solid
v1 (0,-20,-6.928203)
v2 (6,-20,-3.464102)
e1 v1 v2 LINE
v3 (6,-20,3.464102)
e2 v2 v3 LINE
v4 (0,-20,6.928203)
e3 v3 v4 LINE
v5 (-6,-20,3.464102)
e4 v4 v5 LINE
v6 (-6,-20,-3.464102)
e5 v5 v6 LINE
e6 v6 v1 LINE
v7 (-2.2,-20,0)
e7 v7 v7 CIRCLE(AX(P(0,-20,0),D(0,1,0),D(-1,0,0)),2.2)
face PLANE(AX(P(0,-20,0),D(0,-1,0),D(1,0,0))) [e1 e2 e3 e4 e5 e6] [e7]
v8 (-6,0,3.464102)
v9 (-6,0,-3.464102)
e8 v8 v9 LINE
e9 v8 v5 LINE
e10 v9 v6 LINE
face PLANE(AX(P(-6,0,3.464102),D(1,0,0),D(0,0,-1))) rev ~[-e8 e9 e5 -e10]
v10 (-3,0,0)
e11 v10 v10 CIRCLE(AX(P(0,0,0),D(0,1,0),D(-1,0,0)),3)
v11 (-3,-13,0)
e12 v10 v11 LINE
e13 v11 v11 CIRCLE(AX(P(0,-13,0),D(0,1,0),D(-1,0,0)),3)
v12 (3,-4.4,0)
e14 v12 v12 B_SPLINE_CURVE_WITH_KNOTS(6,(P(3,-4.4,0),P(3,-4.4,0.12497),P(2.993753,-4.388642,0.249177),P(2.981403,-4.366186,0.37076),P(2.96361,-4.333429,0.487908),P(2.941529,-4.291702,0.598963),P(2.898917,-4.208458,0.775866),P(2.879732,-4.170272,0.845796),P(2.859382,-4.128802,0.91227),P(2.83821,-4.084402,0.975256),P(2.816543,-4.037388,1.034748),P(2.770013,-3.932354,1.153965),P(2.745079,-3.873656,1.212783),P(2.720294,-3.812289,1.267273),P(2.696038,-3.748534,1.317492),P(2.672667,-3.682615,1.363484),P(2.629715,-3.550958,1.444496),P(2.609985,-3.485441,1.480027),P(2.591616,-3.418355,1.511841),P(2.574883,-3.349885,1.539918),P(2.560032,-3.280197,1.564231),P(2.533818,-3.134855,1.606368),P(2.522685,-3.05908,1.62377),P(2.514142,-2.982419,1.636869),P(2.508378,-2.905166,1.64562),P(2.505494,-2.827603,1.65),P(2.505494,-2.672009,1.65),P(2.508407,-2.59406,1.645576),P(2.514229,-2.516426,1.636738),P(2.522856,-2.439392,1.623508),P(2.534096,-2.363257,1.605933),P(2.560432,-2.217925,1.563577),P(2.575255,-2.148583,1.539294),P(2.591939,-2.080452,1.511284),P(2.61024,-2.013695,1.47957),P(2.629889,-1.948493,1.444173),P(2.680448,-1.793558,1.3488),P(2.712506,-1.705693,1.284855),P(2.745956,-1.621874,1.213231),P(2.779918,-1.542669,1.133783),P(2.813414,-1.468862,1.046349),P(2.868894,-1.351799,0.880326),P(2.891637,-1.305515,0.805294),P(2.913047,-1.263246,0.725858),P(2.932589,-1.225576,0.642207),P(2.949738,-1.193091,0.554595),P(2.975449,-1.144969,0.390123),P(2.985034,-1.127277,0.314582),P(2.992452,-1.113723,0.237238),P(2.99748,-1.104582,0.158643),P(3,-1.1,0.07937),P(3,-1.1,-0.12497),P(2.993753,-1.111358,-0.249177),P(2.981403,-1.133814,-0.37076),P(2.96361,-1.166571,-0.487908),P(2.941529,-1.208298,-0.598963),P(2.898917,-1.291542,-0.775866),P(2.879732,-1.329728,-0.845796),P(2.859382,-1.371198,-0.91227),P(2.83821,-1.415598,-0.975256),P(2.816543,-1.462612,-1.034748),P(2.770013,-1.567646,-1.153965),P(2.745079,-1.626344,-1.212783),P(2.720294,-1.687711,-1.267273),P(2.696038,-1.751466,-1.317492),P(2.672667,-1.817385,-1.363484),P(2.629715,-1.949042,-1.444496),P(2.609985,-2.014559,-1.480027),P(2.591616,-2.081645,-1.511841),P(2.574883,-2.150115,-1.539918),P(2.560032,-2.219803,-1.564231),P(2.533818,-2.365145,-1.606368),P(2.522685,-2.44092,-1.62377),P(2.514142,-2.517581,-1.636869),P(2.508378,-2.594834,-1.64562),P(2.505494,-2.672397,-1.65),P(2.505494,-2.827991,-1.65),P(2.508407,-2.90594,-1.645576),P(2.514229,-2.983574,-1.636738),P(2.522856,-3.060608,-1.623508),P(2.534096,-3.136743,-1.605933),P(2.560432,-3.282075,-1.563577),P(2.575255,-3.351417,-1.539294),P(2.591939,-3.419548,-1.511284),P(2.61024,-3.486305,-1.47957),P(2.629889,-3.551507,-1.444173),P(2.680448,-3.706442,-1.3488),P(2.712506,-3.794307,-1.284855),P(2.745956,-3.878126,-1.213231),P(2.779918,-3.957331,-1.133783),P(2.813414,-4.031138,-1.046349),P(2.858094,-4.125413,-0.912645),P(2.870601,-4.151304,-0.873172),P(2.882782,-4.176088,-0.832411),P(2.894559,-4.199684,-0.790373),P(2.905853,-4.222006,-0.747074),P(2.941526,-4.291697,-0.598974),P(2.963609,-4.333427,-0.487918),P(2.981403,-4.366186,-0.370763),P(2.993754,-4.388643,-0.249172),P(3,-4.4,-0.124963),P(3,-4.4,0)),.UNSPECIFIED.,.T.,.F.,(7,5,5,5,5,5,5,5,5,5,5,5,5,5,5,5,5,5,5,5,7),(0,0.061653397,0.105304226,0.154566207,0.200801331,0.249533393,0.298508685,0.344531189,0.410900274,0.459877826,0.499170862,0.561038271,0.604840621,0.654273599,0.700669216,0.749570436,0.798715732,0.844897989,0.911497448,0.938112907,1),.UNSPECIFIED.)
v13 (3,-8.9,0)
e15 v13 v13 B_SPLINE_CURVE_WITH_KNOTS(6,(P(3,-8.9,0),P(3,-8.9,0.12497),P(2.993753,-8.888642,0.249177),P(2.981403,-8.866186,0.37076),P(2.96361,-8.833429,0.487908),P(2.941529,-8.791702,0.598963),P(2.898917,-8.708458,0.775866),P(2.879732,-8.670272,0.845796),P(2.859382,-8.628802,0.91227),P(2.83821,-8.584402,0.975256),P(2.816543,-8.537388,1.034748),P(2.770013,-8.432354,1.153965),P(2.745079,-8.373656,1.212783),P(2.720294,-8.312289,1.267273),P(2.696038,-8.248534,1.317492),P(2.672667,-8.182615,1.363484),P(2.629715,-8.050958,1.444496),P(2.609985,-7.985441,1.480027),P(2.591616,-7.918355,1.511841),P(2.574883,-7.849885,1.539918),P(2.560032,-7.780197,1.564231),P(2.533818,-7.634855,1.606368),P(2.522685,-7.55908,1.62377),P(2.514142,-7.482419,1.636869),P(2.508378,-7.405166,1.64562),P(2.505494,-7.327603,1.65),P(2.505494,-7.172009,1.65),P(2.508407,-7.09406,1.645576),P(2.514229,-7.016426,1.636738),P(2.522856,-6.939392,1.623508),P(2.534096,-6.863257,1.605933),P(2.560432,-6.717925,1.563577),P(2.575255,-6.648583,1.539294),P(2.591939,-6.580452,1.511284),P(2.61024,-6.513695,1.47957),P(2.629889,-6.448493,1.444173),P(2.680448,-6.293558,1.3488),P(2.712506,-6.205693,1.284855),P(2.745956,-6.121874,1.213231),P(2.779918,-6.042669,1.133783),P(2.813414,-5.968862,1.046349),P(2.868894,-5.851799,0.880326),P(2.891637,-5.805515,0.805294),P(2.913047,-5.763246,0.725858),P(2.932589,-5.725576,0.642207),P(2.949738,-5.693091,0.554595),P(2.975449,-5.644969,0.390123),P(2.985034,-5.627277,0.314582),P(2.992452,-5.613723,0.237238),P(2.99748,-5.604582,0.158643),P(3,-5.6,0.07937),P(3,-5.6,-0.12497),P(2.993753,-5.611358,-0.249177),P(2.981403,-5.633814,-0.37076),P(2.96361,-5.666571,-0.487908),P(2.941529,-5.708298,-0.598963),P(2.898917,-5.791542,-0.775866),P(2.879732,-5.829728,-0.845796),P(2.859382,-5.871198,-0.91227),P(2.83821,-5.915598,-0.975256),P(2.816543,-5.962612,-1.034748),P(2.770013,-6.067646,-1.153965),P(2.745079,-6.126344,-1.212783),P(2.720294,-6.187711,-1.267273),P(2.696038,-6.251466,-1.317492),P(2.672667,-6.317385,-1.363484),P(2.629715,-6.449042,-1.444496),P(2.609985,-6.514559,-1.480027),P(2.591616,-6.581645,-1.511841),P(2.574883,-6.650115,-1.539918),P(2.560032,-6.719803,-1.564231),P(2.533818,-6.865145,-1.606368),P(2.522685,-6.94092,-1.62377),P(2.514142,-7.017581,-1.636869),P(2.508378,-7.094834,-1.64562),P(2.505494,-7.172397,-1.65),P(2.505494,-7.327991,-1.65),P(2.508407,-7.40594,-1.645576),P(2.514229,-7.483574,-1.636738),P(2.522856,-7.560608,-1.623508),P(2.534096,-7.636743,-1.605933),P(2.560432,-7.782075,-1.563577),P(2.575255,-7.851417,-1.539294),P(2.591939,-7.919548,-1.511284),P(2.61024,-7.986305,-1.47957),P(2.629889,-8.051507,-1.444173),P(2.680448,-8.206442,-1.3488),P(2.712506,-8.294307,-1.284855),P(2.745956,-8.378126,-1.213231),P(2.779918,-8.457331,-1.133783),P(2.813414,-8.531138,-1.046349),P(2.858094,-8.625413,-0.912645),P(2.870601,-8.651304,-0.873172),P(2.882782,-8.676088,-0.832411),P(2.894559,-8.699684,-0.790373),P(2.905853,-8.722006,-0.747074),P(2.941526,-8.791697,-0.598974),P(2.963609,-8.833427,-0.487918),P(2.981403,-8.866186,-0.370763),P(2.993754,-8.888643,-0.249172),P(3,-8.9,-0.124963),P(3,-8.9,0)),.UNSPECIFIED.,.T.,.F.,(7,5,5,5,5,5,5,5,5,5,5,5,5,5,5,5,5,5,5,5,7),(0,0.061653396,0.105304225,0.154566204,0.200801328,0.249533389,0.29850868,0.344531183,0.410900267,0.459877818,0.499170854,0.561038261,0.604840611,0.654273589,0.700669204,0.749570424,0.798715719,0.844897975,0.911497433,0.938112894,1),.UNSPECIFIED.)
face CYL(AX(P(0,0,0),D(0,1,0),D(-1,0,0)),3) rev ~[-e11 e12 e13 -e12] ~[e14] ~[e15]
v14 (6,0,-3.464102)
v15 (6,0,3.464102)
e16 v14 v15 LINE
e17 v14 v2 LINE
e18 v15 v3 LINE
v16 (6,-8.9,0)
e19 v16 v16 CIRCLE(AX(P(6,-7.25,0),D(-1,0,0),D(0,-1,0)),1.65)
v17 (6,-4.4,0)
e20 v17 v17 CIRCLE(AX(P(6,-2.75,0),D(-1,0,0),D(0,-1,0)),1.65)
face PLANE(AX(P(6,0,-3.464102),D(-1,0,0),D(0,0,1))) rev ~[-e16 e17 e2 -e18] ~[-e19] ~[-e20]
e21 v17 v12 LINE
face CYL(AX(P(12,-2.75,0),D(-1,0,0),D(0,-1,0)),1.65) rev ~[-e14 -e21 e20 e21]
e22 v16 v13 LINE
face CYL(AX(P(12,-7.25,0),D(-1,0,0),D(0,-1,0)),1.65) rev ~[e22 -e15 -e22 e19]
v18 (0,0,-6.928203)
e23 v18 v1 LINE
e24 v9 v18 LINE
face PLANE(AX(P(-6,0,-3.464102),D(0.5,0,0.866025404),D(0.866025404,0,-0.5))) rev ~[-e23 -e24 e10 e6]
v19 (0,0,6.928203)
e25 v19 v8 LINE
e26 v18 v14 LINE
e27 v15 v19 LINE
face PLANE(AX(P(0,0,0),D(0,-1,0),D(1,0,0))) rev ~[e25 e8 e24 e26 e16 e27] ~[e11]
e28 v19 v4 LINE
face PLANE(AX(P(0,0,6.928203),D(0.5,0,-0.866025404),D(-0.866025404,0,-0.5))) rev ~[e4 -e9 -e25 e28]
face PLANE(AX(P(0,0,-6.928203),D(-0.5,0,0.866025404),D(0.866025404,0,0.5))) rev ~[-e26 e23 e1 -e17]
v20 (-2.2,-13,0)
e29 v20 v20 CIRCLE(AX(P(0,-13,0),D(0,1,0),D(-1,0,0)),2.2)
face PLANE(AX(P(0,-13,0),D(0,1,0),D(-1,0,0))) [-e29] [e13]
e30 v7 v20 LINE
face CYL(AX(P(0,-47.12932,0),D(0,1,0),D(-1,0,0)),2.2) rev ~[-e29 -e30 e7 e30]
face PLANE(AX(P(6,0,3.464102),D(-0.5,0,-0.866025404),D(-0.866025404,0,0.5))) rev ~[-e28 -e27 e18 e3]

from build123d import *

# Parameters (mm, degrees)
F1_DEPTH = 20
F2_R     = 3
F3_DEPTH = 13
F5_D     = 4.4
F7_D     = 3.3
F7_DEPTH = 6
F7_TIP   = 0.9914200214


with BuildPart() as f1:
    # F0 (on Front) → F1 (new body)
    with BuildSketch(Plane.XZ):
        Polygon((6, -3.4641016151), (6, 3.4641016151), (0, 6.9282032303), (-6, 3.4641016151), (-6, -3.4641016151), (0, -6.9282032303), align=None)
    extrude(amount=F1_DEPTH)

    # F2 (on face) → F3 (cut)
    with BuildSketch(Plane(origin=(0, 0, 0), x_dir=(-1, 0, 0), z_dir=(0, 1, 0))):
        Circle(F2_R)
    extrude(amount=-F3_DEPTH, mode=Mode.SUBTRACT)

    # F5 (through all)
    with Locations(Plane.XZ.offset(20)):
        with Locations((0, 0)):
            Hole(F5_D / 2)

    # F7
    with Locations(Plane.YZ.offset(6)):
        with Locations((-2.75, 0), (-7.25, 0)):
            Hole(F7_D / 2, depth=F7_DEPTH)
            with Locations((0, 0, -(F7_DEPTH + F7_TIP / 2))):  # 118° drill point
                Cone(0, F7_D / 2, F7_TIP, mode=Mode.SUBTRACT)


solid = f1.part
